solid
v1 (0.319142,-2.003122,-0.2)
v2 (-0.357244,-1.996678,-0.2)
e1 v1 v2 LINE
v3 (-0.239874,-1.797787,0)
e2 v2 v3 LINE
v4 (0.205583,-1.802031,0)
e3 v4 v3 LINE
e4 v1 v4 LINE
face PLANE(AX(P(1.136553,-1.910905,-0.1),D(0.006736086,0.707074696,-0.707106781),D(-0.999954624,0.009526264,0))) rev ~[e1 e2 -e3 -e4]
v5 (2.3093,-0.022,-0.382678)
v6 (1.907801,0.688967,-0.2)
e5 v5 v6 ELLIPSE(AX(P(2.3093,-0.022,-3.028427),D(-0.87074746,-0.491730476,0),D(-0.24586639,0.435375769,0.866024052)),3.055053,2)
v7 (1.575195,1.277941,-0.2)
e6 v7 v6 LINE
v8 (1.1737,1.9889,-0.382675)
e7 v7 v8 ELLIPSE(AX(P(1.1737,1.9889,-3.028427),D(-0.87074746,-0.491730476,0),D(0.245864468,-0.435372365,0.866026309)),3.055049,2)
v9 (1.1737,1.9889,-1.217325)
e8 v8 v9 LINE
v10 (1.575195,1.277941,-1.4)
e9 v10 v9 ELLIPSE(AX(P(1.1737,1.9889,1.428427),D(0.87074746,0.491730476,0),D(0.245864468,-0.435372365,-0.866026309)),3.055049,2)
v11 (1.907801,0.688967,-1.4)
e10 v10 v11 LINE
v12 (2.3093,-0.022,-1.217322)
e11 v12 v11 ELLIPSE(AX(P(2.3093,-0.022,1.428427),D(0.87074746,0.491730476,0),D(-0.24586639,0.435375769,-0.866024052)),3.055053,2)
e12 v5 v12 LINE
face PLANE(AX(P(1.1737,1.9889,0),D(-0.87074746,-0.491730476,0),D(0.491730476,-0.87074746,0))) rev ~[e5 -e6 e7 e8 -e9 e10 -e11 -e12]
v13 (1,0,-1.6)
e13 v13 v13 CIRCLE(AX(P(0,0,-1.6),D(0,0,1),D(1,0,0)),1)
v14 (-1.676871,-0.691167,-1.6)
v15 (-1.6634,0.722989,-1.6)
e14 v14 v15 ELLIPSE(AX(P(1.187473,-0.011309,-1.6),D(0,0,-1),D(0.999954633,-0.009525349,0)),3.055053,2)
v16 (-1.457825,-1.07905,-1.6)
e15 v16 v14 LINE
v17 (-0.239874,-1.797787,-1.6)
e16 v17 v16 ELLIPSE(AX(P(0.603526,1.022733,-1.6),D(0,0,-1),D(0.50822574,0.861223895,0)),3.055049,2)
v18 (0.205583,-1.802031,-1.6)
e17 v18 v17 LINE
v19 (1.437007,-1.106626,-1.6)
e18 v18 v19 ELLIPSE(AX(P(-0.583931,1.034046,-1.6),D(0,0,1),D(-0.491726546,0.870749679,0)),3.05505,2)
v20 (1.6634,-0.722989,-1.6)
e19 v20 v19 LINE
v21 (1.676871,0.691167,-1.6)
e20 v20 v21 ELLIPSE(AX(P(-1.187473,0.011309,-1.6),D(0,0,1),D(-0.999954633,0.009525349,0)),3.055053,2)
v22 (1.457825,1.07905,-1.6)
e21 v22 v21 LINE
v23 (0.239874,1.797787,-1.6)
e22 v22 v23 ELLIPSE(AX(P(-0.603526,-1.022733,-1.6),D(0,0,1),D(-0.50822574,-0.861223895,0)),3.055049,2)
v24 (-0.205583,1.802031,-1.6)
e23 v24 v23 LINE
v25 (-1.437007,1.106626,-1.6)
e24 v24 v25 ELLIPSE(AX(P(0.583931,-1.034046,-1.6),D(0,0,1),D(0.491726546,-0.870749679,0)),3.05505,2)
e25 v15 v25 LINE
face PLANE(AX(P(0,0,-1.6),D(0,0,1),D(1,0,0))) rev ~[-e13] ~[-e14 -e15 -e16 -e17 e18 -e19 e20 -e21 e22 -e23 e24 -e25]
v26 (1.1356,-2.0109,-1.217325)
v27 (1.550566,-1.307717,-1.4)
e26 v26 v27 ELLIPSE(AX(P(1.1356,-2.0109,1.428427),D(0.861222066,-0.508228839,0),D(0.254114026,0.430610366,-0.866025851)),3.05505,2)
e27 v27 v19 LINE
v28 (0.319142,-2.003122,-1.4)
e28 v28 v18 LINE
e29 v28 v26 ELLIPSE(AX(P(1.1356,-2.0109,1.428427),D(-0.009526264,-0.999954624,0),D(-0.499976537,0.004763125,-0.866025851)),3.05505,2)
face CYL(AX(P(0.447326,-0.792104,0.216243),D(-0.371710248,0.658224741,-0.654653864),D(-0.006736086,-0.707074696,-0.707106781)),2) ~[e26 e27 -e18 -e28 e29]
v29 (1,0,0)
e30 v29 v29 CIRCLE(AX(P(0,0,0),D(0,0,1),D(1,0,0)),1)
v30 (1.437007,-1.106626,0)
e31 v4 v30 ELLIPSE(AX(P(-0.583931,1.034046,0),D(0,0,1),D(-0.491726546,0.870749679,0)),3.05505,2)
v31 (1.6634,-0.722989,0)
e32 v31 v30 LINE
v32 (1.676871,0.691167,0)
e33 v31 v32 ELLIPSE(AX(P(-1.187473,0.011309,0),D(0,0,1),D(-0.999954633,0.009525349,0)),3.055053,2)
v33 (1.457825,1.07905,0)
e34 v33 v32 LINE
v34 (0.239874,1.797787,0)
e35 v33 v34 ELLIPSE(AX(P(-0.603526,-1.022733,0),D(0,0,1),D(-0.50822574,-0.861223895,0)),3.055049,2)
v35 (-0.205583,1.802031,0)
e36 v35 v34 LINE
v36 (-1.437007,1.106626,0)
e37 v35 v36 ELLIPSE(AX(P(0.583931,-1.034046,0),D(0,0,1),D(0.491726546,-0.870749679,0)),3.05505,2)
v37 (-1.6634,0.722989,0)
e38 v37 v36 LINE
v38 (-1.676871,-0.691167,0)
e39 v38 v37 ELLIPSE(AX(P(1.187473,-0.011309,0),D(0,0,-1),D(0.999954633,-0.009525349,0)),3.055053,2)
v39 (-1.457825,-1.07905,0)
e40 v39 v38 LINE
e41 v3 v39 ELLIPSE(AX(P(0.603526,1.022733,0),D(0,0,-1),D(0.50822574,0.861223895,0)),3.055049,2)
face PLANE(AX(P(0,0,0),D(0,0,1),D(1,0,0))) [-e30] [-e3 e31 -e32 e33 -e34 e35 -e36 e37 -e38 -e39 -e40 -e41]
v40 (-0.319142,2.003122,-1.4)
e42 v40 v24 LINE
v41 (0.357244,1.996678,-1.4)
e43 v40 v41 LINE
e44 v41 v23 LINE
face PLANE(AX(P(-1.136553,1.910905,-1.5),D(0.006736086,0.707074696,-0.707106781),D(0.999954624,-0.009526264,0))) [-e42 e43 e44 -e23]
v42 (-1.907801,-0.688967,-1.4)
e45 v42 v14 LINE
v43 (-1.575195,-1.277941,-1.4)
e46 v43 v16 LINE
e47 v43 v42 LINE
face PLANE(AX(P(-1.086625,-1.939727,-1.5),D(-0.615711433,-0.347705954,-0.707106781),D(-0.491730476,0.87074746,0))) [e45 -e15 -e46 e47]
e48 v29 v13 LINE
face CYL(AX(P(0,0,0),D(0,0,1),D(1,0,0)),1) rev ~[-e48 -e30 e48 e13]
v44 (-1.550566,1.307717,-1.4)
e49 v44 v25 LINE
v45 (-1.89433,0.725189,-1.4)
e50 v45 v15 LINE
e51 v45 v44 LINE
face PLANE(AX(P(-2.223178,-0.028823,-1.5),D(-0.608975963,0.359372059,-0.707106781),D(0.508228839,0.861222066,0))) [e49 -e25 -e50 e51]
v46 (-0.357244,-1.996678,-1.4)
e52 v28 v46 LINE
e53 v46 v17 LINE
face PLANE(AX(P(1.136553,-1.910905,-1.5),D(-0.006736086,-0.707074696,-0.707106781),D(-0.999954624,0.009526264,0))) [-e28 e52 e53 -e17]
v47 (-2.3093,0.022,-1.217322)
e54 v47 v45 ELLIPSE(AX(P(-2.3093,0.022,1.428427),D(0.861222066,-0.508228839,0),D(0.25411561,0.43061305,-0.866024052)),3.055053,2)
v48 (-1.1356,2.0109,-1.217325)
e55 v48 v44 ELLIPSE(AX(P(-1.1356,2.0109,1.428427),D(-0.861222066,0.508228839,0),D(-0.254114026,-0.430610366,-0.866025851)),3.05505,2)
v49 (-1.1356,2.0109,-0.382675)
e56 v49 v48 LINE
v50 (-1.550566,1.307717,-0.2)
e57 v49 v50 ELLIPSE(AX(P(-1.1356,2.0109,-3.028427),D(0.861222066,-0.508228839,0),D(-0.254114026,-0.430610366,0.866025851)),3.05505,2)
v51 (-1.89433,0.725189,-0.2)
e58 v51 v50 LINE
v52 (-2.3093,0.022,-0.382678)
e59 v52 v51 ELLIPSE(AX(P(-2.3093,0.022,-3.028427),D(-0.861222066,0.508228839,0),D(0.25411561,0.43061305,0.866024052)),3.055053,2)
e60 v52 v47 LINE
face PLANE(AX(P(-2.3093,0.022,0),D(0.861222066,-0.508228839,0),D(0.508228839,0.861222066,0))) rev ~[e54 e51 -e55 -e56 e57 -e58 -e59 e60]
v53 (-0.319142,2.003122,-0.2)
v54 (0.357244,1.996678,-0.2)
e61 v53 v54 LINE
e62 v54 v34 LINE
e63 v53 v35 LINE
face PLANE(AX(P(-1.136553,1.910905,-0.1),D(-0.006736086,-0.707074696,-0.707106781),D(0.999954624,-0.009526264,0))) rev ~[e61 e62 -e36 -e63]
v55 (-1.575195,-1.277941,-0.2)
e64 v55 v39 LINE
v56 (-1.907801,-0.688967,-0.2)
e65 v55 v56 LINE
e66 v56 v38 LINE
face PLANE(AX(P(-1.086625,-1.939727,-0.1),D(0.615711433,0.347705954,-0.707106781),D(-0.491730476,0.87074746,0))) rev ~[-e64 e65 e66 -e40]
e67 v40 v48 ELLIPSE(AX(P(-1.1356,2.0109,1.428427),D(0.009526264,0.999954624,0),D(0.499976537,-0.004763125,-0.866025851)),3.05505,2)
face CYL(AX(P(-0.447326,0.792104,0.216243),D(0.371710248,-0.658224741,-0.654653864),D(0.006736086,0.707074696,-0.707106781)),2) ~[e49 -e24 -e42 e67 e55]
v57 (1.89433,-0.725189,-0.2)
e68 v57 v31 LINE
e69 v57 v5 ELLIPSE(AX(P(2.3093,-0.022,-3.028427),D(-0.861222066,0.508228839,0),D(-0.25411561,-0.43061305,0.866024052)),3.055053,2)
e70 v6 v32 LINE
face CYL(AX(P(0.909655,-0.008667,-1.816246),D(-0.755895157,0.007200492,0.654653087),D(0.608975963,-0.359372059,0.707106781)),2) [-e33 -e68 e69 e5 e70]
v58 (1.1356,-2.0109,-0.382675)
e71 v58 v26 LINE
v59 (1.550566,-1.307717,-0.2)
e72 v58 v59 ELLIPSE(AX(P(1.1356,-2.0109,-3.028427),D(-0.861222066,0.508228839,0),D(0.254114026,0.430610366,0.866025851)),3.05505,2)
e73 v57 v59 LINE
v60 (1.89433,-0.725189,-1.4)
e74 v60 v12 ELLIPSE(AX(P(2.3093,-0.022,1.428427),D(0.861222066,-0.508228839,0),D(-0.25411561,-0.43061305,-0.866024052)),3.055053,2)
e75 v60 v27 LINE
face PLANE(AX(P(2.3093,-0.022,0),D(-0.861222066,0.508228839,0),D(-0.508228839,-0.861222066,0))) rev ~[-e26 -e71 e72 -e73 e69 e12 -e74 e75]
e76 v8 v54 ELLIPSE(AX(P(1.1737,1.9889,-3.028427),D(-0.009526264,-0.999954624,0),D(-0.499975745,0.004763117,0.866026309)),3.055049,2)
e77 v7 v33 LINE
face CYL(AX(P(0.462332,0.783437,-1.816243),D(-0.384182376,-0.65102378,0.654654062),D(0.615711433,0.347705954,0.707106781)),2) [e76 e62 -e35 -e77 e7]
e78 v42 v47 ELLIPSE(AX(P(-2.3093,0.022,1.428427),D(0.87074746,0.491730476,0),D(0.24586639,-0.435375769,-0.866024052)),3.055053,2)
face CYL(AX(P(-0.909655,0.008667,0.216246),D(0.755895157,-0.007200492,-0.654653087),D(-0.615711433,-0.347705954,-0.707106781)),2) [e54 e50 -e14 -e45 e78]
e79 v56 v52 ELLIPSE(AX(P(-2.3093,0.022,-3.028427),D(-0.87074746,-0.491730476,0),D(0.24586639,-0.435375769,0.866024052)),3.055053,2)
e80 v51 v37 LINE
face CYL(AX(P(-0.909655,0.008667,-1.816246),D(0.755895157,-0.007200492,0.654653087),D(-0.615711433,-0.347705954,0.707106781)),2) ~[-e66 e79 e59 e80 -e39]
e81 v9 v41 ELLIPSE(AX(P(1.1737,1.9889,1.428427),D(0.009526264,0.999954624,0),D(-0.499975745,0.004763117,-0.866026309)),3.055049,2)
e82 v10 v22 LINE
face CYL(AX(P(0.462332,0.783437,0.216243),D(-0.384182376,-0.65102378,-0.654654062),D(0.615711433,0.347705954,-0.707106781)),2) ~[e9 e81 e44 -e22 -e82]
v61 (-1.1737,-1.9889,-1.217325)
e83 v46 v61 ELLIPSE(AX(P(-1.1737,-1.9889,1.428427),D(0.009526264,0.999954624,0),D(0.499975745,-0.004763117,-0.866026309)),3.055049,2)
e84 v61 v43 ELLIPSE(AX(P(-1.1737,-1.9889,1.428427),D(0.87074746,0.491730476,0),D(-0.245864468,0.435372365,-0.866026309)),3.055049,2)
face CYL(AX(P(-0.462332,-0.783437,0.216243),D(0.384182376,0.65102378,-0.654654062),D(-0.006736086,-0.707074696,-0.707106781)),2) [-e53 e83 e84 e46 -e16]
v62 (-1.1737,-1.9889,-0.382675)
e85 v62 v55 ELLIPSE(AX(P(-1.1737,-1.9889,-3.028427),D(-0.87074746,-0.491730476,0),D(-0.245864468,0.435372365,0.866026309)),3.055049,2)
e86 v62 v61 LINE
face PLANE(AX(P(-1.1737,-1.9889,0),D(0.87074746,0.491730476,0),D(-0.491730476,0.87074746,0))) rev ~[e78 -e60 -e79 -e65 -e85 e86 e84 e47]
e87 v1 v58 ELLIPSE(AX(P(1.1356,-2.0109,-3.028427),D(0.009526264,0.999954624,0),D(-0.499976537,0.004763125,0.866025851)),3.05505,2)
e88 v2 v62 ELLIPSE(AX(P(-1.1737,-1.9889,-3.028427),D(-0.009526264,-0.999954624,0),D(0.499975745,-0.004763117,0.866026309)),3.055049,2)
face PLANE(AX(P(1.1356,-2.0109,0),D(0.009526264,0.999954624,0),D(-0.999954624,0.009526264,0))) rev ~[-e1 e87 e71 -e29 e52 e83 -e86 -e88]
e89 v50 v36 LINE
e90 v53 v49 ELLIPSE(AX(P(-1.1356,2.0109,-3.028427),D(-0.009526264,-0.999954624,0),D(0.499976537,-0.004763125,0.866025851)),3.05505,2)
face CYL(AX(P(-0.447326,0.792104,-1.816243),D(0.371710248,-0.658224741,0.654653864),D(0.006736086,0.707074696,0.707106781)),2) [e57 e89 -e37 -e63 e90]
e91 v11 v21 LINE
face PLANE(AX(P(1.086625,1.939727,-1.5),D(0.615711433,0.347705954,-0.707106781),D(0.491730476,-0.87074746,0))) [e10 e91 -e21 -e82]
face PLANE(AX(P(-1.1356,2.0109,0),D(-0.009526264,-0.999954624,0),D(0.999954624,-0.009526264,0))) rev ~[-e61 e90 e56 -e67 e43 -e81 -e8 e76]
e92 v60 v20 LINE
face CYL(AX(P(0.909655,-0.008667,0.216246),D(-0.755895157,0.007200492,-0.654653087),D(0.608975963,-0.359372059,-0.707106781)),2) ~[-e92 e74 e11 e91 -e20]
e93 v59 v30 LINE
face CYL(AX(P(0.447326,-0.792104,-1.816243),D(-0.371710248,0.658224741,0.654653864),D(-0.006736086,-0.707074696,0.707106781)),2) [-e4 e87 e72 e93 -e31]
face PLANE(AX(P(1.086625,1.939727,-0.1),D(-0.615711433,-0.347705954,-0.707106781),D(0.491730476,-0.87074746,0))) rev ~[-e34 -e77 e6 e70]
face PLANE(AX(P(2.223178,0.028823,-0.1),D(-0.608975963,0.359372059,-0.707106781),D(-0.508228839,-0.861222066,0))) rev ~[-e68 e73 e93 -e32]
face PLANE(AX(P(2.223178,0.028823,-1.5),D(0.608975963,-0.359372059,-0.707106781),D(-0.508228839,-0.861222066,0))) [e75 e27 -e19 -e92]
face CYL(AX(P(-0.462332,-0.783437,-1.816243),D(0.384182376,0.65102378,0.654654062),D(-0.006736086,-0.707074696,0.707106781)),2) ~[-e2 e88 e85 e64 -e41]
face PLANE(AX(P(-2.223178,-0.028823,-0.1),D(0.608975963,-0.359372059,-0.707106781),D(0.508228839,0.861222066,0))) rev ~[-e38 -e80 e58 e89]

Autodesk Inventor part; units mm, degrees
ref_plane "YZ Plane" through (0, 0, 0) normal (1, 0, 0) x (0, 1, 0)
ref_plane "XZ Plane" through (0, 0, 0) normal (0, 1, 0) x (-1, 0, 0)
ref_plane "XY Plane" through (0, 0, 0) normal (0, 0, 1) x (1, 0, 0)
sketch "Sketch1" plane through (0, 0, 0) normal (0, 0, 1) x (1, 0, 0)
  line L0 (1.1356, -2.0109) -> (-1.1737, -1.9889)
  line L1 (-1.1737, -1.9889) -> (-2.3093, 0.022)
  line L2 (-2.3093, 0.022) -> (-1.1356, 2.0109)
  line L3 (-1.1356, 2.0109) -> (1.1737, 1.9889)
  line L4 (1.1737, 1.9889) -> (2.3093, -0.022)
  line L5 (2.3093, -0.022) -> (1.1356, -2.0109)
  point P0 (0, 0)
  point P1 (0, 0)
  dimension "d0" = 4
extrude "Extrusion1" add sketch "Sketch1" against normal blind 1.6
chamfer "Chamfer1" distance 0.2 angle 45 12 edges at (1.7415, 0.9834, 0) (0.0191, 1.9999, 0) (-1.7224, 1.0165, 0) (-1.7415, -0.9834, 0) (-0.0191, -1.9999, 0) (1.7224, -1.0165, 0) (1.7224, -1.0165, -1.6) (1.7415, 0.9834, -1.6) (0.0191, 1.9999, -1.6) (-1.7224, 1.0165, -1.6) (-1.7415, -0.9834, -1.6) (-0.0191, -1.9999, -1.6)
fillet "Fillet1" radius 2 12 edges at (-2.1938, 0.0209, -1.5) (-1.0788, 1.9104, -1.5) (1.115, 1.8895, -1.5) (2.1938, -0.0209, -1.5) (1.0788, -1.9104, -1.5) (-1.115, -1.8895, -1.5) (-1.115, -1.8895, -0.1) (-2.1938, 0.0209, -0.1) (-1.0788, 1.9104, -0.1) (1.115, 1.8895, -0.1) (2.1938, -0.0209, -0.1) (1.0788, -1.9104, -0.1)
sketch "Sketch2" plane through (0, 0, 0) normal (0, 0, 1) x (1, 0, 0)
  circle A0 centre (0, 0) radius 1
  dimension "d7" = 2
extrude "Extrusion2" cut sketch "Sketch2" against normal through all
thread "Thread1" size "M2x0.4" class "6H" standard "ANSI Metric M Profile" full length
properties part number "M2 Nut"
